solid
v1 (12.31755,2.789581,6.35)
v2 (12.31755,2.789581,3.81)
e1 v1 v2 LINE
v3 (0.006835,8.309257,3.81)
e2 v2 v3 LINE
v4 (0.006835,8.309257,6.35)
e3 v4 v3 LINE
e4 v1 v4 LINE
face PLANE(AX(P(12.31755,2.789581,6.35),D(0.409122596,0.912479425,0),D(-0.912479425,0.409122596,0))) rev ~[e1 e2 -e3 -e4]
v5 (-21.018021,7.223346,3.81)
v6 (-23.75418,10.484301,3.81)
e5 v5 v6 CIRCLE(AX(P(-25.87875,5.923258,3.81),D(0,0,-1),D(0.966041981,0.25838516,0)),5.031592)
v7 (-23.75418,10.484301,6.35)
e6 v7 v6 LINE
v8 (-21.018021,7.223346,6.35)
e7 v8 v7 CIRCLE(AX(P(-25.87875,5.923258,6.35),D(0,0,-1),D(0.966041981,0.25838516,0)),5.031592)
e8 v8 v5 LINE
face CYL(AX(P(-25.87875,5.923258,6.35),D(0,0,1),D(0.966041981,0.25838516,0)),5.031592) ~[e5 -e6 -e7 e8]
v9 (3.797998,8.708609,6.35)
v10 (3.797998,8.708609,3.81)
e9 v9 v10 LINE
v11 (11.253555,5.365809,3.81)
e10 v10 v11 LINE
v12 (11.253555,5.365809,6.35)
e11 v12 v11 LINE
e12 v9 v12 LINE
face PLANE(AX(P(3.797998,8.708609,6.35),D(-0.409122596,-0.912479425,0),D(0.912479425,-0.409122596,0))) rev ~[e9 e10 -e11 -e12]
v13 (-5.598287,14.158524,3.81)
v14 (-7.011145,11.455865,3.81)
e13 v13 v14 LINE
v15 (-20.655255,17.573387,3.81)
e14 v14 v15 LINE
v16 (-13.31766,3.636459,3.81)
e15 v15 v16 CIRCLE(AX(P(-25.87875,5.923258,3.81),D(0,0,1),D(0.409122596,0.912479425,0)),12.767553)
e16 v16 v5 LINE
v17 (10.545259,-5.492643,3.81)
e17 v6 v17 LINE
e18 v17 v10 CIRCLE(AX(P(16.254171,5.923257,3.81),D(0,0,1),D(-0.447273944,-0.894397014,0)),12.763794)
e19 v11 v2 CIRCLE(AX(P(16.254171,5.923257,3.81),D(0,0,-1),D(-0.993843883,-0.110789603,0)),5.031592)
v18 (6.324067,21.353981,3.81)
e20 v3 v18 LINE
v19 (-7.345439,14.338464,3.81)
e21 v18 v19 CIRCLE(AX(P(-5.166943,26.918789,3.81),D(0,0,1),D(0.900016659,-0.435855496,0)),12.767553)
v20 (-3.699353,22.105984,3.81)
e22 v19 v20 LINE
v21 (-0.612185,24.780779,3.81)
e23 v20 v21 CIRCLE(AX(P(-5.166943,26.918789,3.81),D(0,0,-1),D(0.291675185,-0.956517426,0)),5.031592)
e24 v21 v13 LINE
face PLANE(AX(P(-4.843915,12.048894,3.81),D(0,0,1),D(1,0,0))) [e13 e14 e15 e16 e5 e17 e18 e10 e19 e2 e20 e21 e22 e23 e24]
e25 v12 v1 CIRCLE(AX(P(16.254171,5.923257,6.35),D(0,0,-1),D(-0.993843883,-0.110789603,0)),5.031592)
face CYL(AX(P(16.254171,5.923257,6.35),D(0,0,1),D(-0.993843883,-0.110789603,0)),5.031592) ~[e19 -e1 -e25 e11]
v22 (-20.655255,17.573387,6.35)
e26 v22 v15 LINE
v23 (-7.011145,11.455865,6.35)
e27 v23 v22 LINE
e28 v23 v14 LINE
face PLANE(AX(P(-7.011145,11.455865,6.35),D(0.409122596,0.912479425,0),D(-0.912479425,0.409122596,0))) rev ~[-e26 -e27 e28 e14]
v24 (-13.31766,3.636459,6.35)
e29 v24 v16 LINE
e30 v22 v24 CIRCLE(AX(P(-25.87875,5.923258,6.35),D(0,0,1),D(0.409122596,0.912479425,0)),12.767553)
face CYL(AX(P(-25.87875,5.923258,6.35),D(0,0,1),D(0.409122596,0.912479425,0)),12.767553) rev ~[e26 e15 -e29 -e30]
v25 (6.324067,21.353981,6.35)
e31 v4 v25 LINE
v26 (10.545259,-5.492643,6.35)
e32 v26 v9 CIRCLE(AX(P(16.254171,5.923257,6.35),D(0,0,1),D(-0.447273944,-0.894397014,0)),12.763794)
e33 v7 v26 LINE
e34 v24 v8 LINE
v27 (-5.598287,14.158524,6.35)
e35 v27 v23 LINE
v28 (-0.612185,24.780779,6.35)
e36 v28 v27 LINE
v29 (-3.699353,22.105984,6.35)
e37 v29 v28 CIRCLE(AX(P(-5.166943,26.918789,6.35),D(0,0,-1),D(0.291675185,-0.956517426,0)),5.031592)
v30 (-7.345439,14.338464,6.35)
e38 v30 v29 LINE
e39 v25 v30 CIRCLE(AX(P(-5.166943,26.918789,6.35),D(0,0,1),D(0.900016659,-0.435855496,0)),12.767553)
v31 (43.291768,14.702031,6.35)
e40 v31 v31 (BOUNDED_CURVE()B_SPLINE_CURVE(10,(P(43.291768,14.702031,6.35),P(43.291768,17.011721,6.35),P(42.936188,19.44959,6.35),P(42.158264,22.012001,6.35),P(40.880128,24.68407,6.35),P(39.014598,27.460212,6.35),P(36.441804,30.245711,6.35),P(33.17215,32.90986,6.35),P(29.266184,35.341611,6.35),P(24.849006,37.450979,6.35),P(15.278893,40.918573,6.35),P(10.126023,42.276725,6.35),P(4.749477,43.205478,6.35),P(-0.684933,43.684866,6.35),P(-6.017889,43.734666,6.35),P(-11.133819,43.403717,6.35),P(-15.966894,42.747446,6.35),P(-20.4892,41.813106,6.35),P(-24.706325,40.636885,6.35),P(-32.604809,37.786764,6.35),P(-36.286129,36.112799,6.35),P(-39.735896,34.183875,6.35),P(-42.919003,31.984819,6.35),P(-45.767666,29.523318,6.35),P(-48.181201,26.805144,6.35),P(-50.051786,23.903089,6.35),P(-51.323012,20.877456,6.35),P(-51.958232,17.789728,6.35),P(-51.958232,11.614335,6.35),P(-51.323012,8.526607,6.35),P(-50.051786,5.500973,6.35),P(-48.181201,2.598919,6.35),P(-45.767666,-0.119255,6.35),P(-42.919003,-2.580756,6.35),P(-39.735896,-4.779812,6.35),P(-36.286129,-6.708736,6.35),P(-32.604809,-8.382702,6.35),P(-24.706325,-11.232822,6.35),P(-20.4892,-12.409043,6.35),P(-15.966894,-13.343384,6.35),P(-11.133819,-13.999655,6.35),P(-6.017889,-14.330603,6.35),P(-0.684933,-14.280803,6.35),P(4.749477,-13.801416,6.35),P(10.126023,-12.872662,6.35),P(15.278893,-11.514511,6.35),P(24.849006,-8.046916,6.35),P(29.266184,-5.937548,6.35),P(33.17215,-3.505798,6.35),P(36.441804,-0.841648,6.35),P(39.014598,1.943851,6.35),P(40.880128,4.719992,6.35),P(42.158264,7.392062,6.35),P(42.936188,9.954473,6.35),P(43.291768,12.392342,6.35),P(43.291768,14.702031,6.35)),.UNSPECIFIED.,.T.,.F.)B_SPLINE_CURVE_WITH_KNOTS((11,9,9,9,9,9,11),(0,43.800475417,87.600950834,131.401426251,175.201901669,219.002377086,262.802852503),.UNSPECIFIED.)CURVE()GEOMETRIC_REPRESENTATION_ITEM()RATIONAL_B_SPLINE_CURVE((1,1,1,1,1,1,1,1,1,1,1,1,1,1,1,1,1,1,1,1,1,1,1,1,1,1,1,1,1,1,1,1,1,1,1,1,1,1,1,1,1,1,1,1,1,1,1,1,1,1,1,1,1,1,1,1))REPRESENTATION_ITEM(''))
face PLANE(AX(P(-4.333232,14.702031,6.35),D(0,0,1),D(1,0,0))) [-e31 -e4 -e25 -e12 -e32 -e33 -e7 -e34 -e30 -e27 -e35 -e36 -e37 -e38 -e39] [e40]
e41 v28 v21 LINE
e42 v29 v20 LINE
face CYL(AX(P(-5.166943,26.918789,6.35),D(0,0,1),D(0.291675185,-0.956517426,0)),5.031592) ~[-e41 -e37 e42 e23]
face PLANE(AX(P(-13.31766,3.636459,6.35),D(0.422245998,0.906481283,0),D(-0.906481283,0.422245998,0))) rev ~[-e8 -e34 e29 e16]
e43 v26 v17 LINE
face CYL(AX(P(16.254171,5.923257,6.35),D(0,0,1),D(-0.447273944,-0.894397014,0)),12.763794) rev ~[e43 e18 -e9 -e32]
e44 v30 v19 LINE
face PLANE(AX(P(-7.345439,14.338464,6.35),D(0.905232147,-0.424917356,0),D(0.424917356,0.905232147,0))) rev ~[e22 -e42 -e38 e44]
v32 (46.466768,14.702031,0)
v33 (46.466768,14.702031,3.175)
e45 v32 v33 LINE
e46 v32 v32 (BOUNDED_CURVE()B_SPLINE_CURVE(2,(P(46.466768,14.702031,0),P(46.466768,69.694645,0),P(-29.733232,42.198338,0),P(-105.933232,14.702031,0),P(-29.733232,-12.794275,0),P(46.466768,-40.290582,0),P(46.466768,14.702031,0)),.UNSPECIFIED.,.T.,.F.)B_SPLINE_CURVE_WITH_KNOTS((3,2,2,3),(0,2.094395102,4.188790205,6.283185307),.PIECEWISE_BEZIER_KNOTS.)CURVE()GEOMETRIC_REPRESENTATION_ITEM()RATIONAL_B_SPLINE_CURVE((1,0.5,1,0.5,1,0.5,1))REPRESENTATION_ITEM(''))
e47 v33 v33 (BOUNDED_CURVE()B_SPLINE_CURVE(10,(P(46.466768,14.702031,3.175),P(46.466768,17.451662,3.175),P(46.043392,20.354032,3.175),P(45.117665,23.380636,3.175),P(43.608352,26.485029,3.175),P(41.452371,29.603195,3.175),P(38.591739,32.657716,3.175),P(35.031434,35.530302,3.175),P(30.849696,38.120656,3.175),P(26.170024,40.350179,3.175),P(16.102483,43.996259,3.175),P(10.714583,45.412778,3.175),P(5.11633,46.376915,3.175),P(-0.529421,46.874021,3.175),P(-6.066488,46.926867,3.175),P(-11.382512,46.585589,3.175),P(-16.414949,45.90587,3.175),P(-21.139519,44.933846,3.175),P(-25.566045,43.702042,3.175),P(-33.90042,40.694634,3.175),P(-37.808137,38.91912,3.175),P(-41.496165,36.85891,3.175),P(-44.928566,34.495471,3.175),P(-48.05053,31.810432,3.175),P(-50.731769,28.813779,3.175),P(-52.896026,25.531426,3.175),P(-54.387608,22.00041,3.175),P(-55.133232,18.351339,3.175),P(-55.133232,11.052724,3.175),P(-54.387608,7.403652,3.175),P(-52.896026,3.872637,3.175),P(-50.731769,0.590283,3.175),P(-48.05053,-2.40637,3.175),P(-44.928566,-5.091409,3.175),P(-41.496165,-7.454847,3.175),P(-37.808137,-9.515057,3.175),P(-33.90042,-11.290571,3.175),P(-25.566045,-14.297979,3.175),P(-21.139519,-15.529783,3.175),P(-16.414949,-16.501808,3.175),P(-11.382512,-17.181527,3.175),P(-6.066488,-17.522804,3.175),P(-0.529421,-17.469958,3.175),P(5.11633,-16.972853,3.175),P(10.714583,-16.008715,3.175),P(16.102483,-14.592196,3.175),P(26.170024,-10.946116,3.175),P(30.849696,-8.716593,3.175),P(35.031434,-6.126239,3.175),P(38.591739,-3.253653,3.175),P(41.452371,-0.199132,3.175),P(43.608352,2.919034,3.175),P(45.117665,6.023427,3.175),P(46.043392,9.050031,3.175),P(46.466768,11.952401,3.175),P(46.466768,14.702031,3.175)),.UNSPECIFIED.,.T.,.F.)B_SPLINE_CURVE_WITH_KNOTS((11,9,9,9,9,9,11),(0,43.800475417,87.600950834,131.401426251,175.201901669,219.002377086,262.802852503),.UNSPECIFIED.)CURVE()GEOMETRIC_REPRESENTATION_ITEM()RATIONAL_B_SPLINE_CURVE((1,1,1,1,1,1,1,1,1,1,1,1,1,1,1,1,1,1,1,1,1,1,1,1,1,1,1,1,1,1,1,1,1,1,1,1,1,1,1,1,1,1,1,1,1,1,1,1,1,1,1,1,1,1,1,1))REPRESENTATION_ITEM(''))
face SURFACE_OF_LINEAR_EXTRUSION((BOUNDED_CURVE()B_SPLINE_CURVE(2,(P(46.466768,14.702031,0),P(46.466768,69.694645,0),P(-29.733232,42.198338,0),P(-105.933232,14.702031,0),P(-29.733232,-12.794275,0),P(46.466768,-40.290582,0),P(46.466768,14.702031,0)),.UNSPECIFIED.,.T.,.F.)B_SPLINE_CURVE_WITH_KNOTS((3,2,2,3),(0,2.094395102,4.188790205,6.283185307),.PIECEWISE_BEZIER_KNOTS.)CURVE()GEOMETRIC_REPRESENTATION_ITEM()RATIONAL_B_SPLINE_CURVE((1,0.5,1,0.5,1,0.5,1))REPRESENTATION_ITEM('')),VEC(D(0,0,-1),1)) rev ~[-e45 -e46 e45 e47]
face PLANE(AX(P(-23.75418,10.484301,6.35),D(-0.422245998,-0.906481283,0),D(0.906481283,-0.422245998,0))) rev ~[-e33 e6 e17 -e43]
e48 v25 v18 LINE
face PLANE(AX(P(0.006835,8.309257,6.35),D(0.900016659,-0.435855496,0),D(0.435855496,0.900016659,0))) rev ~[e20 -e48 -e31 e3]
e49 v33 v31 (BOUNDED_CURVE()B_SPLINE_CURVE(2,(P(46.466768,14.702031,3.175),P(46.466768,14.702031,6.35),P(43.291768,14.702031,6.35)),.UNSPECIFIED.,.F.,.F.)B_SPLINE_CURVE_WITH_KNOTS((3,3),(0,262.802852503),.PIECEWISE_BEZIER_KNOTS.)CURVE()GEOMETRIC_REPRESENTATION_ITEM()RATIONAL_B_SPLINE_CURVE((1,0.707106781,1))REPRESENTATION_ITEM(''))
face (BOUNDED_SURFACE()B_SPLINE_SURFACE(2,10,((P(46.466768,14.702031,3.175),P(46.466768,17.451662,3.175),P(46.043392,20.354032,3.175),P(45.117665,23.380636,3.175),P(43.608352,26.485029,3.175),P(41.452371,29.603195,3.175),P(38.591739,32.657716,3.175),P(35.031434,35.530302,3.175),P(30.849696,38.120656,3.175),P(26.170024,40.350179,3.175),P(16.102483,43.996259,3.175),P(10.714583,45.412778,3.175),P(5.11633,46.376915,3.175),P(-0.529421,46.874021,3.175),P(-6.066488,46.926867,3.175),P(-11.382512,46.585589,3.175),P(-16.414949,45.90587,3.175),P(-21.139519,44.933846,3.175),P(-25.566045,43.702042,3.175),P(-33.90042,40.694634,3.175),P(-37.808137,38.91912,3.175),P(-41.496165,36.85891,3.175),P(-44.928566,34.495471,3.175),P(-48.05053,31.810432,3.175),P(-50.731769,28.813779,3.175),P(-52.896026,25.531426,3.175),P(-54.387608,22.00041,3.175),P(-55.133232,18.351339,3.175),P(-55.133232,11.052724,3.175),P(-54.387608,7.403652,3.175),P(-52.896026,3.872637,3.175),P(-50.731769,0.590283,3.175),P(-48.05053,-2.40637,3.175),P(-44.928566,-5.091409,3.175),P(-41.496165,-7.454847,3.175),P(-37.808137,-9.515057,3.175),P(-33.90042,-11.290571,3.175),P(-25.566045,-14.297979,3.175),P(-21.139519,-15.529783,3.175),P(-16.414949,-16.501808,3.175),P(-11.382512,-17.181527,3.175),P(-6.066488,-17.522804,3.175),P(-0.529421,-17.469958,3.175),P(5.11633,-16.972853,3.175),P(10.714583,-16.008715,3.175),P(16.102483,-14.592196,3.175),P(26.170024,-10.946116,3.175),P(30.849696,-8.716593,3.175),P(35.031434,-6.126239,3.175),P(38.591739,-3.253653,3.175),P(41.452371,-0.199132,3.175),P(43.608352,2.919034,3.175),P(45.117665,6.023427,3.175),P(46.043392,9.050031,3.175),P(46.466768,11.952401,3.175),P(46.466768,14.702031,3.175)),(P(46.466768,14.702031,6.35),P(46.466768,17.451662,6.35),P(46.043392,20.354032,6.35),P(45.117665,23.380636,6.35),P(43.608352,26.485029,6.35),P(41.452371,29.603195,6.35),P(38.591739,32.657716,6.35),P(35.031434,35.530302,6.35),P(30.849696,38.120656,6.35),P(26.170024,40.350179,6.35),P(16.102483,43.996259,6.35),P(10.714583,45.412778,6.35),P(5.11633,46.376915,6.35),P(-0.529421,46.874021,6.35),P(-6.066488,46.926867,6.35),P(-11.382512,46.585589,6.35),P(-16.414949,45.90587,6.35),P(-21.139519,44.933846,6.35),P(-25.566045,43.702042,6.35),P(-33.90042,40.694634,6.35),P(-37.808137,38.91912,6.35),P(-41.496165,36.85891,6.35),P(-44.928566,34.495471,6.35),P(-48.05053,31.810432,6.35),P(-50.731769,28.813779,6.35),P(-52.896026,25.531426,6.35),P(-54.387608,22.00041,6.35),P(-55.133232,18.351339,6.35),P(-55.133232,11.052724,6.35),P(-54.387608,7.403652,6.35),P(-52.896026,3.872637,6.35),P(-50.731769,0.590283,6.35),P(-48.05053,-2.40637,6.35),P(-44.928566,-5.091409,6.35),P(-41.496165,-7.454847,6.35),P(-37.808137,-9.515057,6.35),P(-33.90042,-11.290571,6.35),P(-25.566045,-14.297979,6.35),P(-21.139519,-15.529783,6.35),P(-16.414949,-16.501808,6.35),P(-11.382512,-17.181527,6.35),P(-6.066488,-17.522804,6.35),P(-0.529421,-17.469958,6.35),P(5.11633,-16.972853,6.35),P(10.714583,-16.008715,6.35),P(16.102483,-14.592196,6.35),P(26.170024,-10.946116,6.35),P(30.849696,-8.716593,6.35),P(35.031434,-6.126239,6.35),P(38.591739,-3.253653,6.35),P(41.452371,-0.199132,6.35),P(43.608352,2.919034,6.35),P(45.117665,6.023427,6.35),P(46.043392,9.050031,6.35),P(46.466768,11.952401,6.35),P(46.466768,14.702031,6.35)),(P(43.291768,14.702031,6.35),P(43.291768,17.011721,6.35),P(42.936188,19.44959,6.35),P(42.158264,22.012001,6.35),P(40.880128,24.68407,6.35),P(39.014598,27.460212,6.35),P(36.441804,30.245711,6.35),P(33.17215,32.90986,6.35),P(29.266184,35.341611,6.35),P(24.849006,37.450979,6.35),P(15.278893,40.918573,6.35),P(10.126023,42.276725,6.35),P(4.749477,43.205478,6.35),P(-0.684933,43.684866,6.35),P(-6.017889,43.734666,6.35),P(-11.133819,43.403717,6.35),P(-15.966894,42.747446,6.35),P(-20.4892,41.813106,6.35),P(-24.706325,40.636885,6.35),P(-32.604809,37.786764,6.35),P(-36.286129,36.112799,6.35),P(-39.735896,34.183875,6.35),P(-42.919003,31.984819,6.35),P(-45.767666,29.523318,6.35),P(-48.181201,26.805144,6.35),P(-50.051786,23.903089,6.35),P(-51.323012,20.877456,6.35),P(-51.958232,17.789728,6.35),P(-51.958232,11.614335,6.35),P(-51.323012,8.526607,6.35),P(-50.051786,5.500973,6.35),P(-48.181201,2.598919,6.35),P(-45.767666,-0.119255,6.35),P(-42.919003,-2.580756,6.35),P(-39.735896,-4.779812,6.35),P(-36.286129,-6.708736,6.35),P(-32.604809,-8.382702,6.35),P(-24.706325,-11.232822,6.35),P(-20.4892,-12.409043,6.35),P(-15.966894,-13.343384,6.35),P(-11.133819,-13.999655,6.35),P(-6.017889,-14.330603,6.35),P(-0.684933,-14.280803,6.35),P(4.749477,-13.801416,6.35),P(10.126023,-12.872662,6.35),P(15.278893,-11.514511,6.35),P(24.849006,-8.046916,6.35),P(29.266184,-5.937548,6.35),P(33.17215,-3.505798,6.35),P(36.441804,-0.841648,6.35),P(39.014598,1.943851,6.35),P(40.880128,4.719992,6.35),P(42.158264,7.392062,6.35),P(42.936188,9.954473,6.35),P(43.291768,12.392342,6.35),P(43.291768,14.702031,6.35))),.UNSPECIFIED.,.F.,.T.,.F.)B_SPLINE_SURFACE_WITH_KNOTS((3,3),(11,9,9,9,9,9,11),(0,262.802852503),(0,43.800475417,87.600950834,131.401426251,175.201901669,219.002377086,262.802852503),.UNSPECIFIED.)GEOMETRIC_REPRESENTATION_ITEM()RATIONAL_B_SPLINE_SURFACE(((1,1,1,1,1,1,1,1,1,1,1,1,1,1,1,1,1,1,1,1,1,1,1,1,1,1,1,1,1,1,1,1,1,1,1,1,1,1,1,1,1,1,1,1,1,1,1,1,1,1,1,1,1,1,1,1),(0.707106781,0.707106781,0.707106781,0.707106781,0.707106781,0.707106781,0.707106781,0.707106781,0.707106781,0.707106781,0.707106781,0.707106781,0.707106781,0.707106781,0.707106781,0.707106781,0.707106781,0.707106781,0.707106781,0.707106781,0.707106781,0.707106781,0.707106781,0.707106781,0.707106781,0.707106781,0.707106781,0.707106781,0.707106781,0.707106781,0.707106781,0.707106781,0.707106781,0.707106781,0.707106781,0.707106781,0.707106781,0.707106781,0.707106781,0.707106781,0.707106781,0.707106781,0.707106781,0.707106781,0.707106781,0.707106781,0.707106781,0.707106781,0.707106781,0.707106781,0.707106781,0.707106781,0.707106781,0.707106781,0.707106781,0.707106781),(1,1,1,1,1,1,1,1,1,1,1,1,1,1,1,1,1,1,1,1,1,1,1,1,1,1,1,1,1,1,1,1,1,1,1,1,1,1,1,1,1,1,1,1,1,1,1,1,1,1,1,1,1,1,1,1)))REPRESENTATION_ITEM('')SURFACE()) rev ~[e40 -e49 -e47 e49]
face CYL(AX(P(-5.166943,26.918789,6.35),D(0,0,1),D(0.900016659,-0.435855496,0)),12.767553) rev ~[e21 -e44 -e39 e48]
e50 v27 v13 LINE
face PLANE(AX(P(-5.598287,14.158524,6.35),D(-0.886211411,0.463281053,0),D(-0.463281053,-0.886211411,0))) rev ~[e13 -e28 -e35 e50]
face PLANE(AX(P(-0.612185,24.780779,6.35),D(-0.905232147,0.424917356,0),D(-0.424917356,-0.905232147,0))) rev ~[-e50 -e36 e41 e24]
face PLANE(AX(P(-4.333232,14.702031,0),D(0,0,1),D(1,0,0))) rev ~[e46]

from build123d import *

# Parameters (mm, degrees)
F1_DEPTH = 6.35
F2_R     = 3.175
F4_DEPTH = 2.54


with BuildPart() as f1:
    # F0 (on Top) → F1 (new body)
    with BuildSketch(Plane.XY):
        with BuildLine():
            add(Edge.make_bspline(
                [(46.4667679362, 14.7020313889), (46.4667679362, 69.6946445292), (-29.7332320638, 42.198337959), (-105.9332320638, 14.7020313889), (-29.7332320638, -12.7942751813), (46.4667679362, -40.2905817514), (46.4667679362, 14.7020313889)],
                knots=[0, 0, 0, 2.0943951024, 2.0943951024, 4.1887902048, 4.1887902048, 6.2831853072, 6.2831853072, 6.2831853072], degree=2, weights=[1, 0.5, 1, 0.5, 1, 0.5, 1]))
        make_face()
    extrude(amount=F1_DEPTH)

    # F2
    f2_edges = [f1.edges().sort_by_distance(p)[0] for p in [
        (-55.133232, 14.702032, 6.35),
    ]]
    fillet(f2_edges, radius=F2_R)

    # F3 (on face) → F4 (cut)
    with BuildSketch(Plane.XY.offset(6.35)):
        with BuildLine():
            Line((-7.0111453533, 11.4558646455), (-20.6552552294, 17.5733874004))
            ThreePointArc((-20.6552552294, 17.5733874004), (-37.1761987235, -0.0246886569), (-13.3176603212, 3.6364587262))
            Line((-13.3176603212, 3.6364587262), (-21.018020945, 7.2233463086))
            ThreePointArc((-21.018020945, 7.2233463086), (-29.7332348601, 2.6890869675), (-23.7541803149, 10.4843014035))
            Line((-23.7541803149, 10.4843014035), (10.5452586516, -5.492642758))
            ThreePointArc((10.5452586516, -5.492642758), (27.7828952692, 11.4007532012), (3.7979978516, 8.7086092486))
            Line((3.7979978516, 8.7086092486), (11.2535546004, 5.3658086939))
            ThreePointArc((11.2535546004, 5.3658086939), (20.9047405218, 7.8439651836), (12.3175497403, 2.7895805763))
            Line((12.3175497403, 2.7895805763), (0.0068348978, 8.3092574817))
            Line((0.0068348978, 8.3092574817), (6.3240673878, 21.3539810768))
            ThreePointArc((6.3240673878, 21.3539810768), (-10.9966177854, 38.2777203705), (-7.3454385386, 14.338464395))
            Line((-7.3454385386, 14.338464395), (-3.6993528504, 22.1059842016))
            ThreePointArc((-3.6993528504, 22.1059842016), (-8.461757926, 30.7215662425), (-0.6121847146, 24.7807787185))
            Line((-0.6121847146, 24.7807787185), (-5.5982871229, 14.1585244636))
            Line((-5.5982871229, 14.1585244636), (-7.0111453533, 11.4558646455))
        make_face()
    extrude(amount=-F4_DEPTH, mode=Mode.SUBTRACT)


solid = f1.part
